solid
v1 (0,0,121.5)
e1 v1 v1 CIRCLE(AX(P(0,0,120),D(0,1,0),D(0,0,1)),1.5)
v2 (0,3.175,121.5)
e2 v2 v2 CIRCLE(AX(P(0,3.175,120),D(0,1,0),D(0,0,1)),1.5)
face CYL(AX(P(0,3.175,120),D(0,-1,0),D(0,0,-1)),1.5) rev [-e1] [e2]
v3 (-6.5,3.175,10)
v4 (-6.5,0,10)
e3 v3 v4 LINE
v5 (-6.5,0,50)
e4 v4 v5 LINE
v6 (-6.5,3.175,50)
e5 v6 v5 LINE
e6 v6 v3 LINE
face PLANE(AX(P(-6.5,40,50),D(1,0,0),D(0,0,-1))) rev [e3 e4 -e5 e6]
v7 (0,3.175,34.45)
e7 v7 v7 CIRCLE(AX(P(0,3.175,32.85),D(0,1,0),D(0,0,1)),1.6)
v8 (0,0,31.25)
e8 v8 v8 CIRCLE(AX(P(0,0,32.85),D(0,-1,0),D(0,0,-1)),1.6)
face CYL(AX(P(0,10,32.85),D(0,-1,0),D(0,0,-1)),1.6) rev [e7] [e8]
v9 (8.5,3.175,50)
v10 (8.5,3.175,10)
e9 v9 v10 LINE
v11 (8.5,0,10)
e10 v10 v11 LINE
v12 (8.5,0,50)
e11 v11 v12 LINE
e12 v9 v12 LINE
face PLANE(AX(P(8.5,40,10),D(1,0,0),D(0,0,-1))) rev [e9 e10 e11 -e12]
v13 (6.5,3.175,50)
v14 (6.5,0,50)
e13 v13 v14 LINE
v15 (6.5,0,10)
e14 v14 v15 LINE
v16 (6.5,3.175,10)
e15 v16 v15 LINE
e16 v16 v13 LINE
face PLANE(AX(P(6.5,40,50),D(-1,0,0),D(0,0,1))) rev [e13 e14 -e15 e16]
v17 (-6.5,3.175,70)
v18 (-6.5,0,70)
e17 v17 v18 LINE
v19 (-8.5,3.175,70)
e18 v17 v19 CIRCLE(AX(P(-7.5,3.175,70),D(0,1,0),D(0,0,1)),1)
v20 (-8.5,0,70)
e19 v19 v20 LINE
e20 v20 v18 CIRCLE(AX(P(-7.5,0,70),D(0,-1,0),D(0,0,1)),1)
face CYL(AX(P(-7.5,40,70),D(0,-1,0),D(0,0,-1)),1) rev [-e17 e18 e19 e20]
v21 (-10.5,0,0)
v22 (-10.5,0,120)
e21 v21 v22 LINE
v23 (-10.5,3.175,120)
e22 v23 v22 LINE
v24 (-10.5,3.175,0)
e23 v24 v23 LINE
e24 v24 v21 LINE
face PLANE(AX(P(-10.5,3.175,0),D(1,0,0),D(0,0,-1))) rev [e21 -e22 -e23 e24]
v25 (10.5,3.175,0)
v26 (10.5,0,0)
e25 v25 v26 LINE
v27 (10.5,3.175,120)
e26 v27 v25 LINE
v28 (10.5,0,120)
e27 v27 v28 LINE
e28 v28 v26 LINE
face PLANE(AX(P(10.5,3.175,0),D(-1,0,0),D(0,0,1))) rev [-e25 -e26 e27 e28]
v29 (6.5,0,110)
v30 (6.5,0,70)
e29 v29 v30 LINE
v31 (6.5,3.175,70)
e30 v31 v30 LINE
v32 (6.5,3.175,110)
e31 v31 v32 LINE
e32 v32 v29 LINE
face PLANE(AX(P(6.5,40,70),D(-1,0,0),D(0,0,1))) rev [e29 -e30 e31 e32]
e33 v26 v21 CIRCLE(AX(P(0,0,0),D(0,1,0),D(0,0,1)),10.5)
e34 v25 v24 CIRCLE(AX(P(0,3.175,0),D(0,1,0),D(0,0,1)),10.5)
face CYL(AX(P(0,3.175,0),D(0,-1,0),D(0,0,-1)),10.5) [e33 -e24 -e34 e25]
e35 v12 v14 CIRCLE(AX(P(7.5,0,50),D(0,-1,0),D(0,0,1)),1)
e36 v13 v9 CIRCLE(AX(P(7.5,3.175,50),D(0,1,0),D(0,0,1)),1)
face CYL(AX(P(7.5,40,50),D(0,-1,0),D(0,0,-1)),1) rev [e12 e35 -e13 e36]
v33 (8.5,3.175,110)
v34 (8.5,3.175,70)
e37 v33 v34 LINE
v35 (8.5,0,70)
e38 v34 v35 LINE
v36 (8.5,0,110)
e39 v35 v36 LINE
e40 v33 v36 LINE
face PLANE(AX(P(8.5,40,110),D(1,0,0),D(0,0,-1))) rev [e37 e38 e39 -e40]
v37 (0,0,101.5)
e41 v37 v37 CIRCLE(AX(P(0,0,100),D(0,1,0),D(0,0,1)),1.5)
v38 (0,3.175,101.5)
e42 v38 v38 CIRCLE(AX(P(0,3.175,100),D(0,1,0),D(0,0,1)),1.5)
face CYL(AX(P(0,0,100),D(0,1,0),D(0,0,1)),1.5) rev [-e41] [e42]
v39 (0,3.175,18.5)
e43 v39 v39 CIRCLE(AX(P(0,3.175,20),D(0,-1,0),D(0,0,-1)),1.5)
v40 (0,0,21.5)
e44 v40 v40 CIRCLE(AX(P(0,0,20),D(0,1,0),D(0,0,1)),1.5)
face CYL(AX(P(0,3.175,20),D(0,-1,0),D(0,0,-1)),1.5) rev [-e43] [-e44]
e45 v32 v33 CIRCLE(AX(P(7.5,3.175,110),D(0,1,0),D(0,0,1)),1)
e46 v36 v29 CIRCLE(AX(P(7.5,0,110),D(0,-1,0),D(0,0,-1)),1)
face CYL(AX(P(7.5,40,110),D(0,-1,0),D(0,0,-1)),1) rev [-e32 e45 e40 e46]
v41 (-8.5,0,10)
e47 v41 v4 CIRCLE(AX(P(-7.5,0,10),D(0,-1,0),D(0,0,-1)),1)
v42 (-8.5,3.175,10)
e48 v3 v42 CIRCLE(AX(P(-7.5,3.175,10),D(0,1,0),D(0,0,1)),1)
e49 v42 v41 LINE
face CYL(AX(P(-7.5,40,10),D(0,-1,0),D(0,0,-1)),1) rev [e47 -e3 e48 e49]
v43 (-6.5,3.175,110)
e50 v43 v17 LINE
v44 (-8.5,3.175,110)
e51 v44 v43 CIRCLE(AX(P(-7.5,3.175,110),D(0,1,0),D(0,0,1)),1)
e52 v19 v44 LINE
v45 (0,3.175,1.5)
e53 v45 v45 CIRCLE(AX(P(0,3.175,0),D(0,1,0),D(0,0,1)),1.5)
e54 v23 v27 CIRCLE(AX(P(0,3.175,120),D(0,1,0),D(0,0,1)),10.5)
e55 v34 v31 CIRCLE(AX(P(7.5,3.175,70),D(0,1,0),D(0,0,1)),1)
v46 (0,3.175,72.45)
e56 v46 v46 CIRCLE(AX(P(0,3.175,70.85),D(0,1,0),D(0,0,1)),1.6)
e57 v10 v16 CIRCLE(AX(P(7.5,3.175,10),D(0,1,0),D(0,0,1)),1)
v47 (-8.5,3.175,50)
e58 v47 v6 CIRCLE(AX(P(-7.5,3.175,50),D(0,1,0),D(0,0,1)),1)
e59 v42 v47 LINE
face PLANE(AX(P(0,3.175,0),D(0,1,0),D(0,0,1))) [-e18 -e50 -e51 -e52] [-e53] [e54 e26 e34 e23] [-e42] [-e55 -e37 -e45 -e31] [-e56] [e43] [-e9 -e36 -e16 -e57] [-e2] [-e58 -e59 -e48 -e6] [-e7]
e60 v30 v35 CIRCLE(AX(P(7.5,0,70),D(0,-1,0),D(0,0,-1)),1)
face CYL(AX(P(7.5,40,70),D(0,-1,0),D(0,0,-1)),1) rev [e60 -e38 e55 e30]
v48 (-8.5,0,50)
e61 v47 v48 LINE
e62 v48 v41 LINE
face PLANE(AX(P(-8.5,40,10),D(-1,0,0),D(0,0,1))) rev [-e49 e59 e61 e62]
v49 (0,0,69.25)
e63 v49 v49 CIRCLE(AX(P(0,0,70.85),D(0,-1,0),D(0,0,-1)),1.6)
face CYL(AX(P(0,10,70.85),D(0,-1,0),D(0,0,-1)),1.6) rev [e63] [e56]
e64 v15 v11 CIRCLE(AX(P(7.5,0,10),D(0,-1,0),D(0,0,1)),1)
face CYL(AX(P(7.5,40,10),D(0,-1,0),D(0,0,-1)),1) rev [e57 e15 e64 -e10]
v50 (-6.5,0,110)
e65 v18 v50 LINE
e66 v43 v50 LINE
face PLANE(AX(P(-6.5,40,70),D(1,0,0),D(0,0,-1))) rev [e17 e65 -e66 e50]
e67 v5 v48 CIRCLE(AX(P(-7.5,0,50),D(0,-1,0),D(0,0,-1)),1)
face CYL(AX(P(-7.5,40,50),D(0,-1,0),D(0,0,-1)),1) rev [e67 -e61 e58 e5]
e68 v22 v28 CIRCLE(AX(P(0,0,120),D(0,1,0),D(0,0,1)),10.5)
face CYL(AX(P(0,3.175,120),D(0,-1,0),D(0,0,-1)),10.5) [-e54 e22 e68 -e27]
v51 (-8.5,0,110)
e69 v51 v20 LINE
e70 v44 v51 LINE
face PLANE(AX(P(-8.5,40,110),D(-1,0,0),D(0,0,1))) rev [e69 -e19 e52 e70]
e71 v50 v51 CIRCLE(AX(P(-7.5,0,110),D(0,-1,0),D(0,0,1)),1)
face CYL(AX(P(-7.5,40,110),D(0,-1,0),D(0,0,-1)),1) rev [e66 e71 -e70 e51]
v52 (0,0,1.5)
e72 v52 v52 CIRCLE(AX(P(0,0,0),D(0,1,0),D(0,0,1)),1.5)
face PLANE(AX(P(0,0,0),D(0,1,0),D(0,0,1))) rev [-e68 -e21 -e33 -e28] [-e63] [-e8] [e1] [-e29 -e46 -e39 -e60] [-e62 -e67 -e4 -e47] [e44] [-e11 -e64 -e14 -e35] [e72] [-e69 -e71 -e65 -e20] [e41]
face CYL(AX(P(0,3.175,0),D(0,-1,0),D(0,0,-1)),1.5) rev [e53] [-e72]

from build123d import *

# Parameters (mm, degrees)
SKETCH1_R               = 1.5
BOSS_EXTRUDE1_DEPTH     = 3.175
CUT_EXTRUDE1_DEPTH      = 131.960225355
CUT_EXTRUDE1_DEPTH_BACK = 131.960225355
SKETCH2_R               = 1.5
CUT_EXTRUDE2_DEPTH      = 131.960225355
CUT_EXTRUDE2_DEPTH_BACK = 131.960225355
SKETCH3_R               = 1.5
CUT_EXTRUDE4_DEPTH      = 40
SKETCH6_R               = 1.6
CUT_EXTRUDE5_DEPTH      = 10


with BuildPart() as part:
    # Sketch1 → Boss-Extrude1 (new body)
    with BuildSketch(Plane(origin=(0, 0, 0), x_dir=(1, 0, 0), z_dir=(0, 1, 0))):
        with BuildLine():
            Line((-10.5, 0), (-10.5, -120))
            ThreePointArc((-10.5, -120), (0, -130.5), (10.5, -120))
            Line((10.5, -120), (10.5, 0))
            ThreePointArc((10.5, 0), (0, 10.5), (-10.5, 0))
        make_face()
        with Locations(Location((0, 0, 0), (0, 0, 270))):
            Circle(SKETCH1_R, mode=Mode.SUBTRACT)
        with Locations(Location((0, -120, 0), (0, 0, 270))):
            Circle(SKETCH1_R, mode=Mode.SUBTRACT)
    extrude(amount=BOSS_EXTRUDE1_DEPTH)

    # Sketch2 → Cut-Extrude1 (cut, two sides: drawn at the far end of the back side and taken through both)
    with BuildSketch(Plane.XZ.offset(-CUT_EXTRUDE1_DEPTH_BACK)):
        with Locations(Location((0, 20, 0), (0, 0, 270))):
            Circle(SKETCH2_R)
    extrude(amount=CUT_EXTRUDE1_DEPTH + CUT_EXTRUDE1_DEPTH_BACK, mode=Mode.SUBTRACT)

    # Sketch3 → Cut-Extrude2 (cut, two sides: drawn at the far end of the back side and taken through both)
    with BuildSketch(Plane(origin=(0, 3.175, 0), x_dir=(1, 0, 0), z_dir=(0, 1, 0)).offset(-CUT_EXTRUDE2_DEPTH_BACK)):
        with Locations(Location((0, -100, 0), (0, 0, 270))):
            Circle(SKETCH3_R)
    extrude(amount=CUT_EXTRUDE2_DEPTH + CUT_EXTRUDE2_DEPTH_BACK, mode=Mode.SUBTRACT)

    # Sketch5 → Cut-Extrude4 (cut)
    with BuildSketch(Plane.XZ):
        with BuildLine():
            Line((-8.5, 10), (-8.5, 50))
            ThreePointArc((-8.5, 50), (-7.5, 51), (-6.5, 50))
            Line((-6.5, 50), (-6.5, 10))
            ThreePointArc((-6.5, 10), (-7.5, 9), (-8.5, 10))
        make_face()
        with BuildLine():
            Line((6.5, 50), (6.5, 10))
            ThreePointArc((6.5, 10), (7.5, 9), (8.5, 10))
            Line((8.5, 10), (8.5, 50))
            ThreePointArc((8.5, 50), (7.5, 51), (6.5, 50))
        make_face()
        with BuildLine():
            Line((8.5, 110), (8.5, 70))
            ThreePointArc((8.5, 70), (7.5, 69), (6.5, 70))
            Line((6.5, 70), (6.5, 110))
            ThreePointArc((6.5, 110), (7.5, 111), (8.5, 110))
        make_face()
        with BuildLine():
            Line((-6.5, 70), (-6.5, 110))
            ThreePointArc((-6.5, 110), (-7.5, 111), (-8.5, 110))
            Line((-8.5, 110), (-8.5, 70))
            ThreePointArc((-8.5, 70), (-7.5, 69), (-6.5, 70))
        make_face()
    extrude(amount=-CUT_EXTRUDE4_DEPTH, mode=Mode.SUBTRACT)

    # Sketch6 → Cut-Extrude5 (cut)
    with BuildSketch(Plane.XZ):
        with Locations(Location((0, 70.85, 0), (0, 0, 270))):
            Circle(SKETCH6_R)
        with Locations(Location((0, 32.85, 0), (0, 0, 270))):
            Circle(SKETCH6_R)
    extrude(amount=-CUT_EXTRUDE5_DEPTH, mode=Mode.SUBTRACT)


solid = part.part
